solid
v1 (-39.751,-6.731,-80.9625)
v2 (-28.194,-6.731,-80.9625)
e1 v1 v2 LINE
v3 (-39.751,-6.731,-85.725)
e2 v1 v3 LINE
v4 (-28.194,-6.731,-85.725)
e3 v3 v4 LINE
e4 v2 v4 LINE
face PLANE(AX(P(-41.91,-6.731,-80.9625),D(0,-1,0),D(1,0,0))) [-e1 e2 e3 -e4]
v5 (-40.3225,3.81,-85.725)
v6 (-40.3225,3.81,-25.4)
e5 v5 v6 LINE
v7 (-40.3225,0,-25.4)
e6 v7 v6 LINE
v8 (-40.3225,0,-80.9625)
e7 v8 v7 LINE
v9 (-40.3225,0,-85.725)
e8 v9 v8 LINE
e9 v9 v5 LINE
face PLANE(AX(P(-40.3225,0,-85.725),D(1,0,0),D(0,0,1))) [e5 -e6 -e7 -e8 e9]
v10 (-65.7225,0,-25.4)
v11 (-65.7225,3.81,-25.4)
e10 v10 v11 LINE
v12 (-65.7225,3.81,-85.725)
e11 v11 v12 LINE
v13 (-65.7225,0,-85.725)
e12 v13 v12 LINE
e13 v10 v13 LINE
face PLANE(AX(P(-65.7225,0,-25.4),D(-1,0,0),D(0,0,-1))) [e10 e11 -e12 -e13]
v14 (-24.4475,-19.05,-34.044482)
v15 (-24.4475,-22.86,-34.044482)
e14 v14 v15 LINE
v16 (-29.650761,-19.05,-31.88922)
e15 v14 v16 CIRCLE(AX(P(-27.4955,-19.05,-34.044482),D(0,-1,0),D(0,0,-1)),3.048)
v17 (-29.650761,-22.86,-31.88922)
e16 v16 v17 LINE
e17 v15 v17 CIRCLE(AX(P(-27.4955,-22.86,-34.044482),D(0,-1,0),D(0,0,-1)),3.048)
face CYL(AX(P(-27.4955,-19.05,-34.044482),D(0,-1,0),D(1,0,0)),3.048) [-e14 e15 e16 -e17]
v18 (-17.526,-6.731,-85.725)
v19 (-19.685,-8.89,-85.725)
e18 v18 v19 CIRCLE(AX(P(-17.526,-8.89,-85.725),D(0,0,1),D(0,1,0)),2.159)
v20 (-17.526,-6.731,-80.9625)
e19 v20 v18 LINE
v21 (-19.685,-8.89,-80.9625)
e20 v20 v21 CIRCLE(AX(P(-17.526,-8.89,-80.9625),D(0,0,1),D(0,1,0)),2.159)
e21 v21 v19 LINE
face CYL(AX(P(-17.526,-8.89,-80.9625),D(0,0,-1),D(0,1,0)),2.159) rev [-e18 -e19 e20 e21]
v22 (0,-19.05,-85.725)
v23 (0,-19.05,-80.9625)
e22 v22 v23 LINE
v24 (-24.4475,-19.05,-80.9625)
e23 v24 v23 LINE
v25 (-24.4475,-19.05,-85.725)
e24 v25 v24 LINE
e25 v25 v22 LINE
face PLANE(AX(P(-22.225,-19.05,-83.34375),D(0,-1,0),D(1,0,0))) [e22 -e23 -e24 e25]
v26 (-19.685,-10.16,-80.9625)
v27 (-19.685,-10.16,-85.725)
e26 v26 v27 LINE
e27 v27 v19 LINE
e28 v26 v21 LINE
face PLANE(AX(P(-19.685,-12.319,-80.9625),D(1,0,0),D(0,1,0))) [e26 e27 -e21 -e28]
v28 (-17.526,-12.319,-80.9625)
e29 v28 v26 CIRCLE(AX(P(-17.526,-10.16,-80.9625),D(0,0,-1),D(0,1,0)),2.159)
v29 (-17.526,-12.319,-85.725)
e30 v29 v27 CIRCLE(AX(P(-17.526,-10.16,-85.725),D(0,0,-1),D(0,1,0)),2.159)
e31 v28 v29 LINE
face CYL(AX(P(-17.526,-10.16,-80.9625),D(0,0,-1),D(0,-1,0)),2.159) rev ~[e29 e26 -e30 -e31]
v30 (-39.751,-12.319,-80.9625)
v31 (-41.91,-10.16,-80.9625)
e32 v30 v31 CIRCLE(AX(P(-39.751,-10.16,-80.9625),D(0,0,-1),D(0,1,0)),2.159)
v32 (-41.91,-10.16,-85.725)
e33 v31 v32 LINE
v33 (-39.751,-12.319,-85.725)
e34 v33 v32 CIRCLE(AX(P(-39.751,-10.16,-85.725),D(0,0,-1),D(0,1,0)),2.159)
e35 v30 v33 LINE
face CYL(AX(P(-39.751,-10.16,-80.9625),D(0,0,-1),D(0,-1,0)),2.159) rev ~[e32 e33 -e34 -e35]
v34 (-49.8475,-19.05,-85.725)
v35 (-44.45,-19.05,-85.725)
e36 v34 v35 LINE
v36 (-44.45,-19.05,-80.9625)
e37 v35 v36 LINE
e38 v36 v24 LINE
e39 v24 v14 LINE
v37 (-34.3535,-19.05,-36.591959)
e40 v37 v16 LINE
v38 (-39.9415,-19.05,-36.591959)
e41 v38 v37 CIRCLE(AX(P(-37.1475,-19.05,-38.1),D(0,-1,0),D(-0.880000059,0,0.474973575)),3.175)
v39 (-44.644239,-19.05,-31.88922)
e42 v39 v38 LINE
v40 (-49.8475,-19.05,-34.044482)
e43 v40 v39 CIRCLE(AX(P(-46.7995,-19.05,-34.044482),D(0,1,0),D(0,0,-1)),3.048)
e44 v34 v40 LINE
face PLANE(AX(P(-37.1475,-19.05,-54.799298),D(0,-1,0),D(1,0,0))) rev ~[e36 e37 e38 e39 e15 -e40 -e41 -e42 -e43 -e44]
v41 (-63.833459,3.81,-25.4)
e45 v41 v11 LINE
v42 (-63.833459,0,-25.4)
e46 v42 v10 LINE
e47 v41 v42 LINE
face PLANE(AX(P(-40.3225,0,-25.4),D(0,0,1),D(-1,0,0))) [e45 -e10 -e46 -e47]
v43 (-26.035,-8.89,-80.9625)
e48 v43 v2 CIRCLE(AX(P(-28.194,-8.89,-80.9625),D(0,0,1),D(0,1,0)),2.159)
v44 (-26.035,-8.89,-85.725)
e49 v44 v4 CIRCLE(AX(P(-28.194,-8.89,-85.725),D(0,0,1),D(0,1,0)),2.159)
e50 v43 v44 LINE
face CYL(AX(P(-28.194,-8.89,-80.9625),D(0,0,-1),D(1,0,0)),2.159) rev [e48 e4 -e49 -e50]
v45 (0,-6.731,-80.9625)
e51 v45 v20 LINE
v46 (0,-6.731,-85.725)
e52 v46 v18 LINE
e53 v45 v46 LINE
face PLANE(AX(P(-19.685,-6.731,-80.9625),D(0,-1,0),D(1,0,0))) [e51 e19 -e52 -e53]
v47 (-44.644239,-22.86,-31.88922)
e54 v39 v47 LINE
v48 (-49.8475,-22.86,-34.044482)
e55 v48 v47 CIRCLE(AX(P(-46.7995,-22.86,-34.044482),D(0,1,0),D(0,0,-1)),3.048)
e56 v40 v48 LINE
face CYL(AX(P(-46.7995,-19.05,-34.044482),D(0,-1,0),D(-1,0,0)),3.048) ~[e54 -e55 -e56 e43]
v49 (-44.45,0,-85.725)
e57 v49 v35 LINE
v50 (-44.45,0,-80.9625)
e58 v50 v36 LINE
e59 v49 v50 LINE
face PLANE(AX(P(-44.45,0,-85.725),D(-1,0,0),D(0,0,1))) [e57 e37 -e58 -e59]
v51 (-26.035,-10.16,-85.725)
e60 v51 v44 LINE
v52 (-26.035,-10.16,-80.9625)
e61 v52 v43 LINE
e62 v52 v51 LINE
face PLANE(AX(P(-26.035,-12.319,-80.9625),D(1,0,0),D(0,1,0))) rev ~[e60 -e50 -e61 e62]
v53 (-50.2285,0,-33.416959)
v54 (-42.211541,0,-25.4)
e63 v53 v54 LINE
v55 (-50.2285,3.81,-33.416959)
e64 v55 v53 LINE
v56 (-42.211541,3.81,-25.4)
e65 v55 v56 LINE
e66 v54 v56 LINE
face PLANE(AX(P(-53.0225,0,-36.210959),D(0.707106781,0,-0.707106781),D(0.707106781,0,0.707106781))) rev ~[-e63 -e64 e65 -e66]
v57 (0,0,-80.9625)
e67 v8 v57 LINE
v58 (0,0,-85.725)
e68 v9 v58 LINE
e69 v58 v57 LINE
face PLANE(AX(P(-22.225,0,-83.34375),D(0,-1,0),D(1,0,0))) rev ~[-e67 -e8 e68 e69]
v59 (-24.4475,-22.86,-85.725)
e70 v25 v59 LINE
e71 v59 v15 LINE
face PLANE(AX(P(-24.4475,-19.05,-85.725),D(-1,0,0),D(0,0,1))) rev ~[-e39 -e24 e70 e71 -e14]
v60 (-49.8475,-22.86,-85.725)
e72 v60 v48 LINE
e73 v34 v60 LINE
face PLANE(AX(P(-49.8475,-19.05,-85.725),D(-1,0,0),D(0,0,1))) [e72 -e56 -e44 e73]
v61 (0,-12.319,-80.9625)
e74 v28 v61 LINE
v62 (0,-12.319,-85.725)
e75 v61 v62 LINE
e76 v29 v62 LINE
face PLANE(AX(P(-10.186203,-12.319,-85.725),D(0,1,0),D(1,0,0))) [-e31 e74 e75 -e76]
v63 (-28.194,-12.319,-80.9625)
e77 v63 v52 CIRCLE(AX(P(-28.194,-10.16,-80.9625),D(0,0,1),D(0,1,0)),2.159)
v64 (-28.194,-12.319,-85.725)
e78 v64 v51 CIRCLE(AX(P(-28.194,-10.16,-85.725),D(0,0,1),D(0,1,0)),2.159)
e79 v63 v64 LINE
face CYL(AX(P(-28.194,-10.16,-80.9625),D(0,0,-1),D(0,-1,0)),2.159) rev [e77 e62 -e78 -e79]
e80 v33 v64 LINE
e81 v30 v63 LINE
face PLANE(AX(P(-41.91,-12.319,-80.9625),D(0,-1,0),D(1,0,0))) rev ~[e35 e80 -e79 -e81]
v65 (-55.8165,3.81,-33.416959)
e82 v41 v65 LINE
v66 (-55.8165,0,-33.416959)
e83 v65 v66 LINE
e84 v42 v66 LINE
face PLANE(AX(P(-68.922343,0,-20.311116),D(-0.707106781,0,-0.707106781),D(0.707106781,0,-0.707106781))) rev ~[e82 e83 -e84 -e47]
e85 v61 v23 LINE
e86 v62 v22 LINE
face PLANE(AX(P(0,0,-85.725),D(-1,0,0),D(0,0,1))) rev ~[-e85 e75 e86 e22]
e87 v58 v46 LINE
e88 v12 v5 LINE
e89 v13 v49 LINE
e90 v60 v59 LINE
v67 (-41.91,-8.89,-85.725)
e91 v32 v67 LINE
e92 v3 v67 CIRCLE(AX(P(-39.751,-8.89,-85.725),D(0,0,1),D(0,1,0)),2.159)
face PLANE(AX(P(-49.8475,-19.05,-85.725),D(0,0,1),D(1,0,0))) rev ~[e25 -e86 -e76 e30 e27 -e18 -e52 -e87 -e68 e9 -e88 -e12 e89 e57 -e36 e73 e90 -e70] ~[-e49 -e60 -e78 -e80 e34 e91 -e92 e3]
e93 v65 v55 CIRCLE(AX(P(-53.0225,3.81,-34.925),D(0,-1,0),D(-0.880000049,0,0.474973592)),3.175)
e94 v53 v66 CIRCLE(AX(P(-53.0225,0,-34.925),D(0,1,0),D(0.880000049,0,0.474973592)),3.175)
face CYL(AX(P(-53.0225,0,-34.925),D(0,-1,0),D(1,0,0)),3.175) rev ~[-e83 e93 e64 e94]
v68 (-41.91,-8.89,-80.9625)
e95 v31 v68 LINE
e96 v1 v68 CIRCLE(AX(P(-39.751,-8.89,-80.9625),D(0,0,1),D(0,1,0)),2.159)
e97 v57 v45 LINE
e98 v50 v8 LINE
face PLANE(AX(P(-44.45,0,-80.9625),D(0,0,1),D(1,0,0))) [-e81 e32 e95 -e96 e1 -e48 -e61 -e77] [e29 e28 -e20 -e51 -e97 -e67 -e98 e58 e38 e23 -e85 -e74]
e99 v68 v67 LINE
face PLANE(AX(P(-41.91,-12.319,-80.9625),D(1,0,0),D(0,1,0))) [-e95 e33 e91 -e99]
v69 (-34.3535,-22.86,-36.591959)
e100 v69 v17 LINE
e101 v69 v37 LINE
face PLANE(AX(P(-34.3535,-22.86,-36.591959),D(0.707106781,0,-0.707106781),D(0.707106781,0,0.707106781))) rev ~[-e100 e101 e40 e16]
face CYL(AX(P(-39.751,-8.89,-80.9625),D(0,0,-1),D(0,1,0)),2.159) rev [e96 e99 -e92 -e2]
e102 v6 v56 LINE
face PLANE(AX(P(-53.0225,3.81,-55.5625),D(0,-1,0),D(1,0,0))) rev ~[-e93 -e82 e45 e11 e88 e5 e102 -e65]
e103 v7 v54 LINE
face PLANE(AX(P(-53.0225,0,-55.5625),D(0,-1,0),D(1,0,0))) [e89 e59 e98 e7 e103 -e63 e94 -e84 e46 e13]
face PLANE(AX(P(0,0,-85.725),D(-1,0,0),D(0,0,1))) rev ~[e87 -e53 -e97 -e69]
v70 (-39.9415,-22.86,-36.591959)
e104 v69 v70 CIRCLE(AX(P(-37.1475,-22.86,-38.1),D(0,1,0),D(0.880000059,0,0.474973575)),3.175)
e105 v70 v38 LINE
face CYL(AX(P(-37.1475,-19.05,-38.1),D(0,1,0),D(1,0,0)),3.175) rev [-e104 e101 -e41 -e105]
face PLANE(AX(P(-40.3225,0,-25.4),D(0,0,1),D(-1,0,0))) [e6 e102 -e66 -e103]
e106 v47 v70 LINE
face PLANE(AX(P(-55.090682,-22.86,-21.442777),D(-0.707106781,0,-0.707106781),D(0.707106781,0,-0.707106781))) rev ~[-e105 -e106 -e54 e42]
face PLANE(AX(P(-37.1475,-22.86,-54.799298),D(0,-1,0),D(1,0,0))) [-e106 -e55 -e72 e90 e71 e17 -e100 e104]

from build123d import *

# Parameters (mm, degrees)
F0_W           = 44.45
F0_H           = 4.7625
F1_DEPTH       = 19.05
F2_W           = 15.875
F2_H           = 5.588
F3_DEPTH       = 4.7635
F4_R           = 2.159
F5_R           = 3.175
F6_DEPTH       = 3.81
F7_W           = 34.26374
F7_H           = 5.588
F8_DEPTH       = 25.4
F10_DEPTH      = 3.811
F10_DEPTH_BACK = 19.051
F11_W          = 25.4
F11_H          = 61.851404
F11_R          = 3.175
F12_DEPTH      = 3.81
F14_DEPTH      = 5.08
F15_R          = 3.048


with BuildPart() as f1:
    # F0 (on Front) → F1 (new body)
    with BuildSketch(Plane.XZ):
        with Locations((-22.225, -83.34375)):
            Rectangle(F0_W, F0_H)
    extrude(amount=F1_DEPTH)

    # F2 (on face) → F3 (cut, through all)
    with BuildSketch(Plane.XY.offset(-80.9625)):
        with Locations((-33.9725, -9.525)):
            Rectangle(F2_W, F2_H)
        with Locations((-11.7475, -9.525)):
            Rectangle(F2_W, F2_H)
    extrude(amount=-F3_DEPTH, mode=Mode.SUBTRACT)

    # F4
    f4_edges = [f1.edges().sort_by_distance(p)[0] for p in [
        (-3.81, -6.731, -83.34375),
        (-26.035, -6.731, -83.34375),
        (-3.81, -12.319, -83.34375),
        (-26.035, -12.319, -83.34375),
        (-19.685, -6.731, -83.34375),
        (-41.91, -6.731, -83.34375),
        (-19.685, -12.319, -83.34375),
        (-41.91, -12.319, -83.34375),
    ]]
    fillet(f4_edges, radius=F4_R)

    # F5 (on Front) → F6 (join)
    with BuildSketch(Plane.XZ):
        Polygon((-65.7225, -85.725), (-44.45, -85.725), (-40.3225, -85.725), (-40.3225, -25.4), (-65.7225, -25.4), align=None)
        with Locations((-53.0225, -34.925)):
            Circle(F5_R, mode=Mode.SUBTRACT)
    extrude(amount=-F6_DEPTH)

    # F7 (on face) → F8 (cut)
    with BuildSketch(Plane(origin=(0, 0, -85.725), x_dir=(1, 0, 0), z_dir=(0, 0, -1))):
        with Locations((6.945667, 9.525)):
            Rectangle(F7_W, F7_H)
    extrude(amount=-F8_DEPTH, mode=Mode.SUBTRACT)

    # F9 (on Front) → F10 (cut, two sides)
    with BuildSketch(Plane.XZ) as f10_sk:
        Polygon((-68.922343, -20.311116), (-53.0225, -36.210959), (-37.122657, -20.311116), align=None)
    extrude(amount=-F10_DEPTH, mode=Mode.SUBTRACT)
    extrude(f10_sk.sketch, amount=-F10_DEPTH_BACK, mode=Mode.SUBTRACT)

    # F11 (on face) → F12 (join)
    with BuildSketch(Plane.XZ.offset(19.05)):
        with Locations((-37.1475, -54.799298)):
            Rectangle(F11_W, F11_H)
        with Locations((-37.1475, -38.1)):
            Circle(F11_R, mode=Mode.SUBTRACT)
    extrude(amount=F12_DEPTH)

    # F13 (on face) → F14 (cut)
    with BuildSketch(Plane.XZ.offset(22.86)):
        Polygon((-55.090682, -21.442777), (-39.9415, -36.591959), (-34.3535, -36.591959), (-19.204318, -21.442777), align=None)
    extrude(amount=-F14_DEPTH, mode=Mode.SUBTRACT)

    # F15
    f15_edges = [f1.edges().sort_by_distance(p)[0] for p in [
        (-49.8475, -20.955, -26.685959),
        (-24.4475, -20.955, -26.685959),
    ]]
    fillet(f15_edges, radius=F15_R)


solid = f1.part
